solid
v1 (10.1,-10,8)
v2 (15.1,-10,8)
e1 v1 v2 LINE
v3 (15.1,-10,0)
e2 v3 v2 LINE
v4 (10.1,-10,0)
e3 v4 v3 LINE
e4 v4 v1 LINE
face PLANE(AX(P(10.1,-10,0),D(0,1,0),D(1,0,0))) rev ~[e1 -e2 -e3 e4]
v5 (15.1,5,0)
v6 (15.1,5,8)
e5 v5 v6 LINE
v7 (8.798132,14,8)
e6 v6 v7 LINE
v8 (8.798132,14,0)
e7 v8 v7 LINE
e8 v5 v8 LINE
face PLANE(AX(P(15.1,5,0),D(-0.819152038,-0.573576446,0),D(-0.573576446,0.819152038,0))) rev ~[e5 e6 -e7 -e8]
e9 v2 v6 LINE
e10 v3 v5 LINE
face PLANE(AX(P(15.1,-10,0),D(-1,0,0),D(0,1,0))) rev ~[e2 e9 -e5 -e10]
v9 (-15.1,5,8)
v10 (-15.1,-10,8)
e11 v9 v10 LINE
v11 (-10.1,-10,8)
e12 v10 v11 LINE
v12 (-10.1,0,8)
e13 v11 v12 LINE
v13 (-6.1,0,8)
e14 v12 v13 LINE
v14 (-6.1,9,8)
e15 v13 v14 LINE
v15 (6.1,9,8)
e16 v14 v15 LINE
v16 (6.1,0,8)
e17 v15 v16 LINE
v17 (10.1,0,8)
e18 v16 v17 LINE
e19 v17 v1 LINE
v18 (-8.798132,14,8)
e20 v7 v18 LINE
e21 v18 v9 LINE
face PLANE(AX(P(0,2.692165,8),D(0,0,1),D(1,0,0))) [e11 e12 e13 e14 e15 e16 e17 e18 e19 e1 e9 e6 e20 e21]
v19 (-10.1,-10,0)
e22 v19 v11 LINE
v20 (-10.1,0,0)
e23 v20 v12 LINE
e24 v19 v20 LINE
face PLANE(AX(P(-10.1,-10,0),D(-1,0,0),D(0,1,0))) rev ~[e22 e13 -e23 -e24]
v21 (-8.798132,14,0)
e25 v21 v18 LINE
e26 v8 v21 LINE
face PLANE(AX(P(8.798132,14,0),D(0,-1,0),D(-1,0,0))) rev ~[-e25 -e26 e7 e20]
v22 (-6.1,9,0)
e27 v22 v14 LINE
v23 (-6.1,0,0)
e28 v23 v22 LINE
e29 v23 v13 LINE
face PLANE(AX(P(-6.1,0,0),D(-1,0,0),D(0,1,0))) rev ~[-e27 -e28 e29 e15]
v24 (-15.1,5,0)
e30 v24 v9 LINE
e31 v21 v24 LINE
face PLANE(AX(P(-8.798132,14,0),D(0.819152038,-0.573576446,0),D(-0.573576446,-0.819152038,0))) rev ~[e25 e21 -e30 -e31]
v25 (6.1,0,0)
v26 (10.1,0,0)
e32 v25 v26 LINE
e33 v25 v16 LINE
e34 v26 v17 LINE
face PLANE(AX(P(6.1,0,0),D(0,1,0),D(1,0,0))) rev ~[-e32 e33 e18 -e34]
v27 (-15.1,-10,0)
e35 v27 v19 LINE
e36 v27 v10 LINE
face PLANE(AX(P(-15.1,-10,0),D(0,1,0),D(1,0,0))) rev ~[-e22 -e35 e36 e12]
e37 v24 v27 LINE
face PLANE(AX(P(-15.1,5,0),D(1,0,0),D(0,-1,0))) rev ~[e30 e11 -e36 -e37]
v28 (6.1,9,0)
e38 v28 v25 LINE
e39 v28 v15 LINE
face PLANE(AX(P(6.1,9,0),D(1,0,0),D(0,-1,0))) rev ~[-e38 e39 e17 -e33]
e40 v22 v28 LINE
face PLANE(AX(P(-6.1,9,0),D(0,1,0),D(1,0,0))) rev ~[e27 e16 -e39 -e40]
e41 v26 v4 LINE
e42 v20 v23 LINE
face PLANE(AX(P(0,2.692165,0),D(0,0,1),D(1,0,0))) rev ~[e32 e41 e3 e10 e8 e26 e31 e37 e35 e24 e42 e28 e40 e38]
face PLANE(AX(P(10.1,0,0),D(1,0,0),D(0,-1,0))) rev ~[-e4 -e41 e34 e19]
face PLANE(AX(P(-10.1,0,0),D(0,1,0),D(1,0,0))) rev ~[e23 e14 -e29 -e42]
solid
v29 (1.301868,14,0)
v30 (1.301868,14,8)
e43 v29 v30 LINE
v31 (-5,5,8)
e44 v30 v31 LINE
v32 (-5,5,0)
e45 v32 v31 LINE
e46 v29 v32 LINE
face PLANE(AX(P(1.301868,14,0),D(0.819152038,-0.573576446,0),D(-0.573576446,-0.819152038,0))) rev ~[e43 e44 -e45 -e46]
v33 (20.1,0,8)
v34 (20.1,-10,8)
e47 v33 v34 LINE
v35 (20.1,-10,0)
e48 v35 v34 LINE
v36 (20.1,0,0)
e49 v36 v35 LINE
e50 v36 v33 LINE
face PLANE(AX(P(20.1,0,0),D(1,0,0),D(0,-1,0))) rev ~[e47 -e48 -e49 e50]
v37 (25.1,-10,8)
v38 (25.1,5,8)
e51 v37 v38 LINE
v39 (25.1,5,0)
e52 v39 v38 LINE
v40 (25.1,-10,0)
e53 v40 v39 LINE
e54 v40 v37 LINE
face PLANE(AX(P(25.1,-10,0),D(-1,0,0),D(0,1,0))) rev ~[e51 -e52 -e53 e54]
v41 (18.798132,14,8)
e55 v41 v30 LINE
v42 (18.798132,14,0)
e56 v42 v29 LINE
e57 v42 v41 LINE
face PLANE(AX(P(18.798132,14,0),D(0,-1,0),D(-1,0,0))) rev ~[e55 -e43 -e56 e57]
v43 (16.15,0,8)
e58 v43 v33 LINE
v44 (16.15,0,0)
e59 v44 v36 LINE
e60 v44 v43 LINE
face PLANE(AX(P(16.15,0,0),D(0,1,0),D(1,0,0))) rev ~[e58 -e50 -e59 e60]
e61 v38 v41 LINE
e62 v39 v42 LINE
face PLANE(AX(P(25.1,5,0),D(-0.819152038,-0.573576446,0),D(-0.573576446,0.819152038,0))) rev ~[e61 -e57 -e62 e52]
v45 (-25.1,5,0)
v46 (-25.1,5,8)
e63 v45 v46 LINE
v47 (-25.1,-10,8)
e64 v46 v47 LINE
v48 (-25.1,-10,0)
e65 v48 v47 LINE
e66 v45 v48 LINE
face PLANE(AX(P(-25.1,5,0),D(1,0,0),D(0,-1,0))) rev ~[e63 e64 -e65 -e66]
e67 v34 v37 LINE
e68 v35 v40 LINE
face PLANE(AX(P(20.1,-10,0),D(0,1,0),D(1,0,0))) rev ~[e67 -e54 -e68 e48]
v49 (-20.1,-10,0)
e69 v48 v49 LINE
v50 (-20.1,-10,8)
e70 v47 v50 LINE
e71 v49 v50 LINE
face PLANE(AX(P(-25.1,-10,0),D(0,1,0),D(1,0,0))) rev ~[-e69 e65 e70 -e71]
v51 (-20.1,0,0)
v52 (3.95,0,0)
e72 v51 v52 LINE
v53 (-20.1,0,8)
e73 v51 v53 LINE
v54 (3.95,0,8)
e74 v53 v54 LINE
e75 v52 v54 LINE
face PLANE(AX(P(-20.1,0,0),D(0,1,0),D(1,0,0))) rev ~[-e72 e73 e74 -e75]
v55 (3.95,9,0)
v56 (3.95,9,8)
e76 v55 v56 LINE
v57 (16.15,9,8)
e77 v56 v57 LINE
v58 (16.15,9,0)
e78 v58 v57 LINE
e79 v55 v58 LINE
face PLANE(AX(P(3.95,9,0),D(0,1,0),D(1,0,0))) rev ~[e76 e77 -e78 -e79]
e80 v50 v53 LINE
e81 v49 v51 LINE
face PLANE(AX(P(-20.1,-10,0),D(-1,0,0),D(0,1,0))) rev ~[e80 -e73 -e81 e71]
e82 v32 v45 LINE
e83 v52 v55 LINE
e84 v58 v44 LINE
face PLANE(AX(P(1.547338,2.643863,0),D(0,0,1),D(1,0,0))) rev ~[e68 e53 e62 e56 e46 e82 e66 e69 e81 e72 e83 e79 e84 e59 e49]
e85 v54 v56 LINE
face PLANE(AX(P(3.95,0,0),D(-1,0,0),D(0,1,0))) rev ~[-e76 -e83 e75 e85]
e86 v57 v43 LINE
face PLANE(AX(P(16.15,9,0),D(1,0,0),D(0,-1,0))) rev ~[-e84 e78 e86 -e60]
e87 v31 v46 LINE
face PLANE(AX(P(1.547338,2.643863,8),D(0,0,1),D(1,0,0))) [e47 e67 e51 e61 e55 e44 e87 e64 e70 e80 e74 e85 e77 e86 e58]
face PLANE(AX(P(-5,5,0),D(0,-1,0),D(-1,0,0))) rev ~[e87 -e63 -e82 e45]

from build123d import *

# Parameters (mm, degrees)
PAD_DEPTH    = 8
PAD001_DEPTH = 8


with BuildPart() as body:
    # Sketch → Pad (new body)
    with BuildSketch(Plane.XY):
        Polygon((3.95, 0), (3.95, 9), (16.15, 9), (16.15, 0), (20.1, 0), (20.1, -10), (25.1, -10), (25.1, 5), (18.798132, 14), (1.301868, 14), (-5, 5), (-25.1, 5), (-25.1, -10), (-20.1, -10), (-20.1, 0), (0, 0), align=None)
    extrude(amount=PAD_DEPTH)


with BuildPart() as body001:
    # Sketch001 → Pad001 (new body)
    with BuildSketch(Plane.XY):
        Polygon((-6.1, 0), (-6.1, 9), (6.1, 9), (6.1, 0), (10.1, 0), (10.1, -10), (15.1, -10), (15.1, 5), (8.798132, 14), (-8.798132, 14), (-15.1, 5), (-15.1, -10), (-10.1, -10), (-10.1, 0), align=None)
    extrude(amount=PAD001_DEPTH)


solid = Compound([body.part, body001.part])
